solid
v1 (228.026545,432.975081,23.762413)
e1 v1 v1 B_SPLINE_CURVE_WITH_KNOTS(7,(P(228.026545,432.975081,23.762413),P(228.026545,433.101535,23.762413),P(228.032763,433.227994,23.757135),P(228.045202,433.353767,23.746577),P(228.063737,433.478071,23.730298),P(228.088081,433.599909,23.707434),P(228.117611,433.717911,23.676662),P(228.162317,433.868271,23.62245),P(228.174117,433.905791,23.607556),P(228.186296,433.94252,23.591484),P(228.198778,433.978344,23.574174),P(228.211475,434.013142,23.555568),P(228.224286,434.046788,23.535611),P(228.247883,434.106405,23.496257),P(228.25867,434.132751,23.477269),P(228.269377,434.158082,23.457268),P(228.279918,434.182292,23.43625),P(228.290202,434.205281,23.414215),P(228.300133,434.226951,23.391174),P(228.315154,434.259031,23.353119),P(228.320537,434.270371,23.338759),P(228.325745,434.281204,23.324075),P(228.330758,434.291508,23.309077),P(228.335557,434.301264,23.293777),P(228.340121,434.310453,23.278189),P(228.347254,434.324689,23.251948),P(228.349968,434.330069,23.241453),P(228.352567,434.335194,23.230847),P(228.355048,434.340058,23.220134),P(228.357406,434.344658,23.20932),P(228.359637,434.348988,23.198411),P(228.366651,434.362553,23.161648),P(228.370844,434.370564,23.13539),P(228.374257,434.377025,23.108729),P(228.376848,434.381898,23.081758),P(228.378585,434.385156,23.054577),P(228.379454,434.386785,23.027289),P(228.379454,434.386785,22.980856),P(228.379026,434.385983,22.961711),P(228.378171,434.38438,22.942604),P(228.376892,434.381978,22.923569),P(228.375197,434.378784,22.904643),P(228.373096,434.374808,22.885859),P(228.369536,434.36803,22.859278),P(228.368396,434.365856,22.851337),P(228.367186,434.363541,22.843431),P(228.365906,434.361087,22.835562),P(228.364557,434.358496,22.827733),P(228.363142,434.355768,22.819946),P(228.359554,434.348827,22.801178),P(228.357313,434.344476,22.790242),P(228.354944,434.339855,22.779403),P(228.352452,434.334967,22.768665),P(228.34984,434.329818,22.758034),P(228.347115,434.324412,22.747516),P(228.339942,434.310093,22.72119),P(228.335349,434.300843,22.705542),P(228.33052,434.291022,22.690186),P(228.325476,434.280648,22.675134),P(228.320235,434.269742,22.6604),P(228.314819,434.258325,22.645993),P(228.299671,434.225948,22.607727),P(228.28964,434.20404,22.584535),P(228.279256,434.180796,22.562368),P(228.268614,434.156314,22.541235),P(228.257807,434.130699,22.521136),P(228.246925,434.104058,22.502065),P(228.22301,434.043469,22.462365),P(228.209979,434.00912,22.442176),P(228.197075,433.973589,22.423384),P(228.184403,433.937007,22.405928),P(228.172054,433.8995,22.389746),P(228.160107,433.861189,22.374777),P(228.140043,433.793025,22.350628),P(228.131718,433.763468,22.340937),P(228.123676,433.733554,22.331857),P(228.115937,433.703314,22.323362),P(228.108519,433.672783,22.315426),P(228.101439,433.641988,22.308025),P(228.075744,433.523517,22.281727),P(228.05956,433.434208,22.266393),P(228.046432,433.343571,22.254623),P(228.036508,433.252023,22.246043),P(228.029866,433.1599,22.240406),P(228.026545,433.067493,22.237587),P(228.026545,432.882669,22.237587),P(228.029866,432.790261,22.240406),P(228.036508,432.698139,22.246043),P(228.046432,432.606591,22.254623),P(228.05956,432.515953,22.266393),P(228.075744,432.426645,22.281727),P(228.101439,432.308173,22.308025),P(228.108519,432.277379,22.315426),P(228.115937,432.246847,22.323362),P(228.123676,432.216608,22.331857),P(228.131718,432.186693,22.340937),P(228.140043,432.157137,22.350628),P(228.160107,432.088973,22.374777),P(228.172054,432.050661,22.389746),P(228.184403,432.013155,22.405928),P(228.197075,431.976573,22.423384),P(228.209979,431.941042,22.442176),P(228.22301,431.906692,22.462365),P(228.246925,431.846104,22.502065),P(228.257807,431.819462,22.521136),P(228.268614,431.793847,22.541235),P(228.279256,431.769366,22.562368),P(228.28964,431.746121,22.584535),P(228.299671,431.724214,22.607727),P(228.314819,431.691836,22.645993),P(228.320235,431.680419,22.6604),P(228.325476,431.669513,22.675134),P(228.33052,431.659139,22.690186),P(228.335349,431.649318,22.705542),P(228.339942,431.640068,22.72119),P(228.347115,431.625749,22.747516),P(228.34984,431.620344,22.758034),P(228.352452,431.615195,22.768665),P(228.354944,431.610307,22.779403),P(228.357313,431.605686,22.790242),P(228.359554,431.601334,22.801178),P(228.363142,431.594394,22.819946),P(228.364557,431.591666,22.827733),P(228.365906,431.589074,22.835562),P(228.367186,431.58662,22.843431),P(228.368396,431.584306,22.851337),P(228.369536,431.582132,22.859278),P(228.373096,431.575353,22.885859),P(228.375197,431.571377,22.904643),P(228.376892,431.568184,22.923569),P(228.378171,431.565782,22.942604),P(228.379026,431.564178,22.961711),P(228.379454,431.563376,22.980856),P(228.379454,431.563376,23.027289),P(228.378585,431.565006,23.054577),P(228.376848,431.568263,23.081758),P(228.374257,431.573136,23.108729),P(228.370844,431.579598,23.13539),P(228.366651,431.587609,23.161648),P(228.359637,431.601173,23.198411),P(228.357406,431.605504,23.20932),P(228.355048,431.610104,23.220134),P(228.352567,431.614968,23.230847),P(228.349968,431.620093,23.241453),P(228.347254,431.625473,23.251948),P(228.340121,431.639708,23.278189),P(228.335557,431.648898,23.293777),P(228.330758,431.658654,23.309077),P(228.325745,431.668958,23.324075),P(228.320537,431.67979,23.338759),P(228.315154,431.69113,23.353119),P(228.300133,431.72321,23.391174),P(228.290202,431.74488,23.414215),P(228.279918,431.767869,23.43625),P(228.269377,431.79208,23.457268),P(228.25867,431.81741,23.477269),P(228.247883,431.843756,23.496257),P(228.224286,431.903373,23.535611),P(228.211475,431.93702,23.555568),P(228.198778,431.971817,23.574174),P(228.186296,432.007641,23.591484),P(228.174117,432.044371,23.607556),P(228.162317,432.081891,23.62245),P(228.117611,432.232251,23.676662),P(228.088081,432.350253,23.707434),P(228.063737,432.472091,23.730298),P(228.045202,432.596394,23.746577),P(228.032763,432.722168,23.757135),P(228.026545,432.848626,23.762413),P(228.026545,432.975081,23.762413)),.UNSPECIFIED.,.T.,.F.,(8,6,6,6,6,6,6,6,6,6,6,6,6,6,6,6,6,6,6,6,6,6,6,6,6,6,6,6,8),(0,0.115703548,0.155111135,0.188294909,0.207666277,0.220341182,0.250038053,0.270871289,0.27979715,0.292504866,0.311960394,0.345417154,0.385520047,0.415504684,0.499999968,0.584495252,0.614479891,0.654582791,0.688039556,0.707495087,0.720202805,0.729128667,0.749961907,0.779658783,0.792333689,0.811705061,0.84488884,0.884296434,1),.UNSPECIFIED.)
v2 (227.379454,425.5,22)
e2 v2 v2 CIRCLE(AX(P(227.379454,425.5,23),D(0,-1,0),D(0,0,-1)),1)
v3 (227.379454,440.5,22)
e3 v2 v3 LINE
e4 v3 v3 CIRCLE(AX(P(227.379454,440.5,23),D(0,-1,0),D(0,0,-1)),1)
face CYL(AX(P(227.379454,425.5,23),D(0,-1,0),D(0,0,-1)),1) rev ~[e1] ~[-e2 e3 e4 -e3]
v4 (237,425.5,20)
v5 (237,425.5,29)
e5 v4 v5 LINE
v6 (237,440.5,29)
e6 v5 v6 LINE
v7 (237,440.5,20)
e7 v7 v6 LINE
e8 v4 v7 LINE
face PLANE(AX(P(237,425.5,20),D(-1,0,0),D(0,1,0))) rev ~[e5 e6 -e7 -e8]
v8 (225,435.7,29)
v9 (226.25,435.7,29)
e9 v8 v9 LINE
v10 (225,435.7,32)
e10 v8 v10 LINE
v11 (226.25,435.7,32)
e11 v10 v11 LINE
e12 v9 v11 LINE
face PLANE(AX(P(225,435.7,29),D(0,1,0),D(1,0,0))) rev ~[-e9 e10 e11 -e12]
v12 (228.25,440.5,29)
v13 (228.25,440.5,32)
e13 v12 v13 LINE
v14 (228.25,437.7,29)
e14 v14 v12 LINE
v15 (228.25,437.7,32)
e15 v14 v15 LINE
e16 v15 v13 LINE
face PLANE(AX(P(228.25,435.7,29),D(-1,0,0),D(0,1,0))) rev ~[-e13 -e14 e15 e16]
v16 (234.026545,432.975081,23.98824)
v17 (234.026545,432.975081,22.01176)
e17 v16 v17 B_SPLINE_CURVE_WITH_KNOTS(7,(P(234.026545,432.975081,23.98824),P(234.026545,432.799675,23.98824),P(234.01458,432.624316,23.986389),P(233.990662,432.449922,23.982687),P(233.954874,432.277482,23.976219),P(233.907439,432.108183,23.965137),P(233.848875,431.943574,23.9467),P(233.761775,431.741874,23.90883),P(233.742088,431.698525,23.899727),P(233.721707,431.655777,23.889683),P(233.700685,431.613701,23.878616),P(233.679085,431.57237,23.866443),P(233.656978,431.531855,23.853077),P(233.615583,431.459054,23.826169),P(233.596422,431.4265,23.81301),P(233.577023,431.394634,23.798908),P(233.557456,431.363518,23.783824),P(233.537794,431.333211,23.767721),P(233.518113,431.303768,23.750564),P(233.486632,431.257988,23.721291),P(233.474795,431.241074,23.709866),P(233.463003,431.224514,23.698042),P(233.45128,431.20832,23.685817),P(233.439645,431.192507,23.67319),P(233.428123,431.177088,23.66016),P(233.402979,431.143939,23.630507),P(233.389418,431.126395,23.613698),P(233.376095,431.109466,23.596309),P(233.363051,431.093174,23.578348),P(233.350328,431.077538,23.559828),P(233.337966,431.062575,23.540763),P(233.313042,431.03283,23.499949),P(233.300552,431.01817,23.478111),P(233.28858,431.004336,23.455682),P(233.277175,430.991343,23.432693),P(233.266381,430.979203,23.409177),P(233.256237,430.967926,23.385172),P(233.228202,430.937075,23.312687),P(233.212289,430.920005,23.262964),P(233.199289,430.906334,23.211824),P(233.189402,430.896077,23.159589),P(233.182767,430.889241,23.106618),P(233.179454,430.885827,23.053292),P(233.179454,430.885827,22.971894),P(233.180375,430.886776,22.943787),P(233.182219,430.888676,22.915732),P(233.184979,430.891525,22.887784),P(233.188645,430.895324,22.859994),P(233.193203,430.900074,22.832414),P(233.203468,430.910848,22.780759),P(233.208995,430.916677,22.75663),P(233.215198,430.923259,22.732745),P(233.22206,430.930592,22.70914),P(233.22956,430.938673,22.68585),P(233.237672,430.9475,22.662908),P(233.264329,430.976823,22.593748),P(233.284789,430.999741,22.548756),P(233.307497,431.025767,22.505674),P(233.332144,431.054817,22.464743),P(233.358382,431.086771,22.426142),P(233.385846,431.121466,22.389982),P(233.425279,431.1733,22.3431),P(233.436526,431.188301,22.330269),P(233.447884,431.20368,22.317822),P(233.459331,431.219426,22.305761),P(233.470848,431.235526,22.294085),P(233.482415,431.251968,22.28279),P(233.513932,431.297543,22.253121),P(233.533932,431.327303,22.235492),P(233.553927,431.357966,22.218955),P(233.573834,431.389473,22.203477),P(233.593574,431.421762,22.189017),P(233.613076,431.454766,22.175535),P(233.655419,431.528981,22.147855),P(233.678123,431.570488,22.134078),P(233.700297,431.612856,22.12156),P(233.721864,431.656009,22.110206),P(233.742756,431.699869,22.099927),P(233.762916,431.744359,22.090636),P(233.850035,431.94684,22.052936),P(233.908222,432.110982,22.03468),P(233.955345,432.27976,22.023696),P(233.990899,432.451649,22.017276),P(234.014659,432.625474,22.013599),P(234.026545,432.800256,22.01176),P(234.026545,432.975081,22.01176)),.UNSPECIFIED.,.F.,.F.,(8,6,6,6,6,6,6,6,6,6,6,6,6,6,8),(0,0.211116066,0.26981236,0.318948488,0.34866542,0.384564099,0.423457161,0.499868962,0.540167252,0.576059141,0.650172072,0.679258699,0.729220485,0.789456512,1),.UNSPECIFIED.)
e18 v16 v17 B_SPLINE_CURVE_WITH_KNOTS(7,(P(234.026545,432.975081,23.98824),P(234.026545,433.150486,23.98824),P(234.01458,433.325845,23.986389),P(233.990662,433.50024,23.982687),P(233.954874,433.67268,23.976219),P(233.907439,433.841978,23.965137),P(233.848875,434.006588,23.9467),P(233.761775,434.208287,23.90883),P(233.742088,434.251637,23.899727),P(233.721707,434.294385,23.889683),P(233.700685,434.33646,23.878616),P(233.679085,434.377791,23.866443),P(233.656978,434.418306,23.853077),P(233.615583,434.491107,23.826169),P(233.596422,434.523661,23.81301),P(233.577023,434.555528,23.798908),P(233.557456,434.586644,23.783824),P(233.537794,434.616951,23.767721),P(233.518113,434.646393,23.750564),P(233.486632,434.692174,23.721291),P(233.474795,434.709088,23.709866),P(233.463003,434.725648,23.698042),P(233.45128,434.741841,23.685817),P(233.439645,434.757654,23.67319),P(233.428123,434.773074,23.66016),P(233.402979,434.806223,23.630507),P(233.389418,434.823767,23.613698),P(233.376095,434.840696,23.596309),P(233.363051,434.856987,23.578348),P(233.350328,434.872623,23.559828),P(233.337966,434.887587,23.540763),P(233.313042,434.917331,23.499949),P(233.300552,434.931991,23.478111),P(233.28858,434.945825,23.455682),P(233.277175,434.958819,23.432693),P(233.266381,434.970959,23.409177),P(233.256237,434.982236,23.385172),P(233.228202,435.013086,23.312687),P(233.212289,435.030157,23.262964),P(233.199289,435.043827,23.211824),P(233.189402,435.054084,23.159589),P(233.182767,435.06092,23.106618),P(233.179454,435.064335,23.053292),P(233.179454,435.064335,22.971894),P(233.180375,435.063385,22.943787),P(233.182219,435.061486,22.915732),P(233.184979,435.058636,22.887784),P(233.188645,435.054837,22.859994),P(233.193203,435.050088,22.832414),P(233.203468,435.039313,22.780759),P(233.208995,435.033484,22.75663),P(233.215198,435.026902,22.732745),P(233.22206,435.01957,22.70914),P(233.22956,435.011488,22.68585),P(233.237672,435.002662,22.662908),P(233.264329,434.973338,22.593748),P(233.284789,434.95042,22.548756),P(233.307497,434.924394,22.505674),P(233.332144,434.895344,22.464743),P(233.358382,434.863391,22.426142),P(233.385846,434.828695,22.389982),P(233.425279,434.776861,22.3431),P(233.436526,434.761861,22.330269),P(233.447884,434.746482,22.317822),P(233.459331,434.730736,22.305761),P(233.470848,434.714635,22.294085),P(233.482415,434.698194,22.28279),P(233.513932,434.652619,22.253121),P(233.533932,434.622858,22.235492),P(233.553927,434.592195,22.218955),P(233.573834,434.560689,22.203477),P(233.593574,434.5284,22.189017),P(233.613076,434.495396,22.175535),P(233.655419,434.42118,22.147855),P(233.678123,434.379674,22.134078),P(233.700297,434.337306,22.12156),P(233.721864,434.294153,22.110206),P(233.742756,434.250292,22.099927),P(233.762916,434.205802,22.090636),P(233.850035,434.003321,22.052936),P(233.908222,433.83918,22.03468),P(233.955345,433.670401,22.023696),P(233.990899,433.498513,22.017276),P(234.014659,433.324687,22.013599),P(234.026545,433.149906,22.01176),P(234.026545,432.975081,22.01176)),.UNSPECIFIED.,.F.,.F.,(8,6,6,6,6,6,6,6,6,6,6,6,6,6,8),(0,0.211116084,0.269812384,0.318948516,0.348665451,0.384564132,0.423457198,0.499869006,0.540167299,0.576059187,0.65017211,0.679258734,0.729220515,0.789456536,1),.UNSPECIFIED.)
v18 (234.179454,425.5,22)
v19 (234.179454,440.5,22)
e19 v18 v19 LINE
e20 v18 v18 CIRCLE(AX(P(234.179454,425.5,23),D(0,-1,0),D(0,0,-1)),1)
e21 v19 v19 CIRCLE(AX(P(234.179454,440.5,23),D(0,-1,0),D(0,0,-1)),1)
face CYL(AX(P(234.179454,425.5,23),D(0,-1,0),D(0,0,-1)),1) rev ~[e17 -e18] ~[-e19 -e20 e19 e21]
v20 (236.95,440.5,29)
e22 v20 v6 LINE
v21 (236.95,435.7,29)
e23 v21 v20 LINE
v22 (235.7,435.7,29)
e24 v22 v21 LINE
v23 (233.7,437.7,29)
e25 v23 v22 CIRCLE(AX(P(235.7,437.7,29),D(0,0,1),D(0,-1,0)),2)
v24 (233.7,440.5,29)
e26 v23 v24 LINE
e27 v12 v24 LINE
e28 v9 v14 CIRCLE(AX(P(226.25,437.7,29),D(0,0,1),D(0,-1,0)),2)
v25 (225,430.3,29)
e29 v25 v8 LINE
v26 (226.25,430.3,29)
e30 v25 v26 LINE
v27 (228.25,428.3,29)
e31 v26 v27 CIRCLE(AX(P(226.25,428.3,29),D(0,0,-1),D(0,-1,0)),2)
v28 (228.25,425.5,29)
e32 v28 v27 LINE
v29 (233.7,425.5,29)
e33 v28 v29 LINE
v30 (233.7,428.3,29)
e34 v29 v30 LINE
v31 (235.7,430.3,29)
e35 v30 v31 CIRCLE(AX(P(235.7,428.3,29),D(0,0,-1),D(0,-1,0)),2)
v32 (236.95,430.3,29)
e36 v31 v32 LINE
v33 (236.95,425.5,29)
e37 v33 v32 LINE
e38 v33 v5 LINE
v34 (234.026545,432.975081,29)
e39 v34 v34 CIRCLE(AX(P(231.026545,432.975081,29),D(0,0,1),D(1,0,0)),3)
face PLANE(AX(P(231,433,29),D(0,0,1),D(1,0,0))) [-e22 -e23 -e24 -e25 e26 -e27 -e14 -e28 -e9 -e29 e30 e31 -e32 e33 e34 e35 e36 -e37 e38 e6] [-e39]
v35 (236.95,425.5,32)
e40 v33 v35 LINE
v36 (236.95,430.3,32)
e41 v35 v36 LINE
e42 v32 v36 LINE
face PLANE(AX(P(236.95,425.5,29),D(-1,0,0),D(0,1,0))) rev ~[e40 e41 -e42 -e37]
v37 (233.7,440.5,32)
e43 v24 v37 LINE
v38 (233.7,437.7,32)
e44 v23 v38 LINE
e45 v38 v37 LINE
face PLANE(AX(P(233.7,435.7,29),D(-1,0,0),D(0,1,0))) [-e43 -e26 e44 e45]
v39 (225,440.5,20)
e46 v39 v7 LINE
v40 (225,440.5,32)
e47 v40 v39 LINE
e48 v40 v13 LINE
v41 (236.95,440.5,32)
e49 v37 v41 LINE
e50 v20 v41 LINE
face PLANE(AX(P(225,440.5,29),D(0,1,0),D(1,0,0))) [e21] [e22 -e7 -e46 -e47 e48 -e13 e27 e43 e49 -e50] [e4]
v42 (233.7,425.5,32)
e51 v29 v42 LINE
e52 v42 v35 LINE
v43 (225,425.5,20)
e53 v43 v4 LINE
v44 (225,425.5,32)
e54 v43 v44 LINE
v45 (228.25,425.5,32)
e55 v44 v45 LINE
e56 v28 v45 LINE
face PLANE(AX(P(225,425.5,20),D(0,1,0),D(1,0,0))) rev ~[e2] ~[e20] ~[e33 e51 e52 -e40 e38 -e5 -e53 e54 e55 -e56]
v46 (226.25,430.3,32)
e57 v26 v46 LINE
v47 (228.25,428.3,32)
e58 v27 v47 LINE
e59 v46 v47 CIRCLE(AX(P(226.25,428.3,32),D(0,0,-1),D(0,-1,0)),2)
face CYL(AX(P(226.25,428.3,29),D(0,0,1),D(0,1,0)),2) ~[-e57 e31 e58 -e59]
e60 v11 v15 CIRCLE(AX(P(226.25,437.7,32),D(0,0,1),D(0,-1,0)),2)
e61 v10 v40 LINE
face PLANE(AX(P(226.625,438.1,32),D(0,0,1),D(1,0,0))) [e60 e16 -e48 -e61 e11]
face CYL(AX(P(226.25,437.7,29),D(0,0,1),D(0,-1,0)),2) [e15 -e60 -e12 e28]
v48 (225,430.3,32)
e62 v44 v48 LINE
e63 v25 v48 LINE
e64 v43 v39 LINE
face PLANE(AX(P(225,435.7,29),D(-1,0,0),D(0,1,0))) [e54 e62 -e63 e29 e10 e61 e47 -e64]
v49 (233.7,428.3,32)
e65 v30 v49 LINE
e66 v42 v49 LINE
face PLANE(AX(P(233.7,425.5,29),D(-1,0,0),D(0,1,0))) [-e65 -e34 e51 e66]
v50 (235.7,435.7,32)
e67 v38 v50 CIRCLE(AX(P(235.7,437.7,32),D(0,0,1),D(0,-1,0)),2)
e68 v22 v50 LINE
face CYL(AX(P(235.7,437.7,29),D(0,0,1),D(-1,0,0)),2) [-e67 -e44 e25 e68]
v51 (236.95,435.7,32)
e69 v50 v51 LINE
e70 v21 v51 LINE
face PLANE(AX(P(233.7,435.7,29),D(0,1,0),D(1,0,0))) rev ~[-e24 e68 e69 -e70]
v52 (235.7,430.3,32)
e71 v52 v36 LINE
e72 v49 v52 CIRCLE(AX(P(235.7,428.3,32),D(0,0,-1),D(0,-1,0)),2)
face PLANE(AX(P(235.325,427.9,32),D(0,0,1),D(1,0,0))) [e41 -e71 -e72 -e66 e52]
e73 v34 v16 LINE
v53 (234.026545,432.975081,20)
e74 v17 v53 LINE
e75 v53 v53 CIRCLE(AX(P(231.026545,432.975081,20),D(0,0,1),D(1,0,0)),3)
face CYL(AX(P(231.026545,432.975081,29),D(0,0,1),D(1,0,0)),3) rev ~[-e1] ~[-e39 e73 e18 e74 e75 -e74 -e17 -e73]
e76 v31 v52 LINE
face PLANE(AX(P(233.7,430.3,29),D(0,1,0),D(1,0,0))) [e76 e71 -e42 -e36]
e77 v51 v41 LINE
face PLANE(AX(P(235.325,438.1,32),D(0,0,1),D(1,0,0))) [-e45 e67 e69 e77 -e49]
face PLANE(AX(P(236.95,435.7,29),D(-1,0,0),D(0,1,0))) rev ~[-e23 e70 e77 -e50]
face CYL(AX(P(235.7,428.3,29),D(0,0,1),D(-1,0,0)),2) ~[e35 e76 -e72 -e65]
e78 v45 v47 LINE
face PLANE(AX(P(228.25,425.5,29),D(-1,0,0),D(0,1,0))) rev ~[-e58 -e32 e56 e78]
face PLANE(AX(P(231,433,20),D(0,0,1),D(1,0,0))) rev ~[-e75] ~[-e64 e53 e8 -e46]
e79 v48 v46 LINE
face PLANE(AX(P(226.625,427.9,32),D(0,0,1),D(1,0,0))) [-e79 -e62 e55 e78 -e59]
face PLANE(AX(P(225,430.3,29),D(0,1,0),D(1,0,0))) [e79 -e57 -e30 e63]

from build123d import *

# Parameters (mm, degrees)
SKETCH1_W           = 12
SKETCH1_H           = 15
BOSS_EXTRUDE1_DEPTH = 9
SKETCH2_W           = 3.25
SKETCH2_H           = 4.8
BOSS_EXTRUDE2_DEPTH = 3
SKETCH3_R           = 3
CUT_EXTRUDE1_DEPTH  = 501.290165804
FILLET1_R           = 2
SKETCH4_R           = 1
CUT_EXTRUDE2_DEPTH  = 15


with BuildPart() as part:
    # Sketch1 → Boss-Extrude1 (new body)
    with BuildSketch(Plane.XY.offset(20)):
        with Locations((231, 433)):
            Rectangle(SKETCH1_W, SKETCH1_H)
    extrude(amount=BOSS_EXTRUDE1_DEPTH)

    # Sketch2 → Boss-Extrude2 (add)
    with BuildSketch(Plane.XY.offset(29)):
        with Locations((235.325, 438.1)):
            Rectangle(SKETCH2_W, SKETCH2_H)
        with Locations((226.625, 438.1)):
            Rectangle(SKETCH2_W, SKETCH2_H)
        with Locations((235.325, 427.9)):
            Rectangle(SKETCH2_W, SKETCH2_H)
        with Locations((226.625, 427.9)):
            Rectangle(SKETCH2_W, SKETCH2_H)
    extrude(amount=BOSS_EXTRUDE2_DEPTH)

    # Sketch3 → Cut-Extrude1 (cut, through all)
    with BuildSketch(Plane.XY.offset(29)):
        with Locations((231.026544884, 432.975080758)):
            Circle(SKETCH3_R)
    extrude(amount=-CUT_EXTRUDE1_DEPTH, mode=Mode.SUBTRACT)

    # Fillet1
    fillet1_edges = [part.edges().sort_by_distance(p)[0] for p in [
        (228.25, 435.7, 30.5),
        (233.7, 435.7, 30.5),
        (233.7, 430.3, 30.5),
        (228.25, 430.3, 30.5),
    ]]
    fillet(fillet1_edges, radius=FILLET1_R)

    # Sketch4 → Cut-Extrude2 (cut)
    with BuildSketch(Plane(origin=(0, 425.5, 0), x_dir=(-1, 0, 0), z_dir=(0, -1, 0))):
        with Locations(Location((-227.379453892, -23, 0), (0, 0, 90))):
            Circle(SKETCH4_R)
        with Locations(Location((-234.179453892, -23, 0), (0, 0, 90))):
            Circle(SKETCH4_R)
    extrude(amount=-CUT_EXTRUDE2_DEPTH, mode=Mode.SUBTRACT)


solid = part.part
